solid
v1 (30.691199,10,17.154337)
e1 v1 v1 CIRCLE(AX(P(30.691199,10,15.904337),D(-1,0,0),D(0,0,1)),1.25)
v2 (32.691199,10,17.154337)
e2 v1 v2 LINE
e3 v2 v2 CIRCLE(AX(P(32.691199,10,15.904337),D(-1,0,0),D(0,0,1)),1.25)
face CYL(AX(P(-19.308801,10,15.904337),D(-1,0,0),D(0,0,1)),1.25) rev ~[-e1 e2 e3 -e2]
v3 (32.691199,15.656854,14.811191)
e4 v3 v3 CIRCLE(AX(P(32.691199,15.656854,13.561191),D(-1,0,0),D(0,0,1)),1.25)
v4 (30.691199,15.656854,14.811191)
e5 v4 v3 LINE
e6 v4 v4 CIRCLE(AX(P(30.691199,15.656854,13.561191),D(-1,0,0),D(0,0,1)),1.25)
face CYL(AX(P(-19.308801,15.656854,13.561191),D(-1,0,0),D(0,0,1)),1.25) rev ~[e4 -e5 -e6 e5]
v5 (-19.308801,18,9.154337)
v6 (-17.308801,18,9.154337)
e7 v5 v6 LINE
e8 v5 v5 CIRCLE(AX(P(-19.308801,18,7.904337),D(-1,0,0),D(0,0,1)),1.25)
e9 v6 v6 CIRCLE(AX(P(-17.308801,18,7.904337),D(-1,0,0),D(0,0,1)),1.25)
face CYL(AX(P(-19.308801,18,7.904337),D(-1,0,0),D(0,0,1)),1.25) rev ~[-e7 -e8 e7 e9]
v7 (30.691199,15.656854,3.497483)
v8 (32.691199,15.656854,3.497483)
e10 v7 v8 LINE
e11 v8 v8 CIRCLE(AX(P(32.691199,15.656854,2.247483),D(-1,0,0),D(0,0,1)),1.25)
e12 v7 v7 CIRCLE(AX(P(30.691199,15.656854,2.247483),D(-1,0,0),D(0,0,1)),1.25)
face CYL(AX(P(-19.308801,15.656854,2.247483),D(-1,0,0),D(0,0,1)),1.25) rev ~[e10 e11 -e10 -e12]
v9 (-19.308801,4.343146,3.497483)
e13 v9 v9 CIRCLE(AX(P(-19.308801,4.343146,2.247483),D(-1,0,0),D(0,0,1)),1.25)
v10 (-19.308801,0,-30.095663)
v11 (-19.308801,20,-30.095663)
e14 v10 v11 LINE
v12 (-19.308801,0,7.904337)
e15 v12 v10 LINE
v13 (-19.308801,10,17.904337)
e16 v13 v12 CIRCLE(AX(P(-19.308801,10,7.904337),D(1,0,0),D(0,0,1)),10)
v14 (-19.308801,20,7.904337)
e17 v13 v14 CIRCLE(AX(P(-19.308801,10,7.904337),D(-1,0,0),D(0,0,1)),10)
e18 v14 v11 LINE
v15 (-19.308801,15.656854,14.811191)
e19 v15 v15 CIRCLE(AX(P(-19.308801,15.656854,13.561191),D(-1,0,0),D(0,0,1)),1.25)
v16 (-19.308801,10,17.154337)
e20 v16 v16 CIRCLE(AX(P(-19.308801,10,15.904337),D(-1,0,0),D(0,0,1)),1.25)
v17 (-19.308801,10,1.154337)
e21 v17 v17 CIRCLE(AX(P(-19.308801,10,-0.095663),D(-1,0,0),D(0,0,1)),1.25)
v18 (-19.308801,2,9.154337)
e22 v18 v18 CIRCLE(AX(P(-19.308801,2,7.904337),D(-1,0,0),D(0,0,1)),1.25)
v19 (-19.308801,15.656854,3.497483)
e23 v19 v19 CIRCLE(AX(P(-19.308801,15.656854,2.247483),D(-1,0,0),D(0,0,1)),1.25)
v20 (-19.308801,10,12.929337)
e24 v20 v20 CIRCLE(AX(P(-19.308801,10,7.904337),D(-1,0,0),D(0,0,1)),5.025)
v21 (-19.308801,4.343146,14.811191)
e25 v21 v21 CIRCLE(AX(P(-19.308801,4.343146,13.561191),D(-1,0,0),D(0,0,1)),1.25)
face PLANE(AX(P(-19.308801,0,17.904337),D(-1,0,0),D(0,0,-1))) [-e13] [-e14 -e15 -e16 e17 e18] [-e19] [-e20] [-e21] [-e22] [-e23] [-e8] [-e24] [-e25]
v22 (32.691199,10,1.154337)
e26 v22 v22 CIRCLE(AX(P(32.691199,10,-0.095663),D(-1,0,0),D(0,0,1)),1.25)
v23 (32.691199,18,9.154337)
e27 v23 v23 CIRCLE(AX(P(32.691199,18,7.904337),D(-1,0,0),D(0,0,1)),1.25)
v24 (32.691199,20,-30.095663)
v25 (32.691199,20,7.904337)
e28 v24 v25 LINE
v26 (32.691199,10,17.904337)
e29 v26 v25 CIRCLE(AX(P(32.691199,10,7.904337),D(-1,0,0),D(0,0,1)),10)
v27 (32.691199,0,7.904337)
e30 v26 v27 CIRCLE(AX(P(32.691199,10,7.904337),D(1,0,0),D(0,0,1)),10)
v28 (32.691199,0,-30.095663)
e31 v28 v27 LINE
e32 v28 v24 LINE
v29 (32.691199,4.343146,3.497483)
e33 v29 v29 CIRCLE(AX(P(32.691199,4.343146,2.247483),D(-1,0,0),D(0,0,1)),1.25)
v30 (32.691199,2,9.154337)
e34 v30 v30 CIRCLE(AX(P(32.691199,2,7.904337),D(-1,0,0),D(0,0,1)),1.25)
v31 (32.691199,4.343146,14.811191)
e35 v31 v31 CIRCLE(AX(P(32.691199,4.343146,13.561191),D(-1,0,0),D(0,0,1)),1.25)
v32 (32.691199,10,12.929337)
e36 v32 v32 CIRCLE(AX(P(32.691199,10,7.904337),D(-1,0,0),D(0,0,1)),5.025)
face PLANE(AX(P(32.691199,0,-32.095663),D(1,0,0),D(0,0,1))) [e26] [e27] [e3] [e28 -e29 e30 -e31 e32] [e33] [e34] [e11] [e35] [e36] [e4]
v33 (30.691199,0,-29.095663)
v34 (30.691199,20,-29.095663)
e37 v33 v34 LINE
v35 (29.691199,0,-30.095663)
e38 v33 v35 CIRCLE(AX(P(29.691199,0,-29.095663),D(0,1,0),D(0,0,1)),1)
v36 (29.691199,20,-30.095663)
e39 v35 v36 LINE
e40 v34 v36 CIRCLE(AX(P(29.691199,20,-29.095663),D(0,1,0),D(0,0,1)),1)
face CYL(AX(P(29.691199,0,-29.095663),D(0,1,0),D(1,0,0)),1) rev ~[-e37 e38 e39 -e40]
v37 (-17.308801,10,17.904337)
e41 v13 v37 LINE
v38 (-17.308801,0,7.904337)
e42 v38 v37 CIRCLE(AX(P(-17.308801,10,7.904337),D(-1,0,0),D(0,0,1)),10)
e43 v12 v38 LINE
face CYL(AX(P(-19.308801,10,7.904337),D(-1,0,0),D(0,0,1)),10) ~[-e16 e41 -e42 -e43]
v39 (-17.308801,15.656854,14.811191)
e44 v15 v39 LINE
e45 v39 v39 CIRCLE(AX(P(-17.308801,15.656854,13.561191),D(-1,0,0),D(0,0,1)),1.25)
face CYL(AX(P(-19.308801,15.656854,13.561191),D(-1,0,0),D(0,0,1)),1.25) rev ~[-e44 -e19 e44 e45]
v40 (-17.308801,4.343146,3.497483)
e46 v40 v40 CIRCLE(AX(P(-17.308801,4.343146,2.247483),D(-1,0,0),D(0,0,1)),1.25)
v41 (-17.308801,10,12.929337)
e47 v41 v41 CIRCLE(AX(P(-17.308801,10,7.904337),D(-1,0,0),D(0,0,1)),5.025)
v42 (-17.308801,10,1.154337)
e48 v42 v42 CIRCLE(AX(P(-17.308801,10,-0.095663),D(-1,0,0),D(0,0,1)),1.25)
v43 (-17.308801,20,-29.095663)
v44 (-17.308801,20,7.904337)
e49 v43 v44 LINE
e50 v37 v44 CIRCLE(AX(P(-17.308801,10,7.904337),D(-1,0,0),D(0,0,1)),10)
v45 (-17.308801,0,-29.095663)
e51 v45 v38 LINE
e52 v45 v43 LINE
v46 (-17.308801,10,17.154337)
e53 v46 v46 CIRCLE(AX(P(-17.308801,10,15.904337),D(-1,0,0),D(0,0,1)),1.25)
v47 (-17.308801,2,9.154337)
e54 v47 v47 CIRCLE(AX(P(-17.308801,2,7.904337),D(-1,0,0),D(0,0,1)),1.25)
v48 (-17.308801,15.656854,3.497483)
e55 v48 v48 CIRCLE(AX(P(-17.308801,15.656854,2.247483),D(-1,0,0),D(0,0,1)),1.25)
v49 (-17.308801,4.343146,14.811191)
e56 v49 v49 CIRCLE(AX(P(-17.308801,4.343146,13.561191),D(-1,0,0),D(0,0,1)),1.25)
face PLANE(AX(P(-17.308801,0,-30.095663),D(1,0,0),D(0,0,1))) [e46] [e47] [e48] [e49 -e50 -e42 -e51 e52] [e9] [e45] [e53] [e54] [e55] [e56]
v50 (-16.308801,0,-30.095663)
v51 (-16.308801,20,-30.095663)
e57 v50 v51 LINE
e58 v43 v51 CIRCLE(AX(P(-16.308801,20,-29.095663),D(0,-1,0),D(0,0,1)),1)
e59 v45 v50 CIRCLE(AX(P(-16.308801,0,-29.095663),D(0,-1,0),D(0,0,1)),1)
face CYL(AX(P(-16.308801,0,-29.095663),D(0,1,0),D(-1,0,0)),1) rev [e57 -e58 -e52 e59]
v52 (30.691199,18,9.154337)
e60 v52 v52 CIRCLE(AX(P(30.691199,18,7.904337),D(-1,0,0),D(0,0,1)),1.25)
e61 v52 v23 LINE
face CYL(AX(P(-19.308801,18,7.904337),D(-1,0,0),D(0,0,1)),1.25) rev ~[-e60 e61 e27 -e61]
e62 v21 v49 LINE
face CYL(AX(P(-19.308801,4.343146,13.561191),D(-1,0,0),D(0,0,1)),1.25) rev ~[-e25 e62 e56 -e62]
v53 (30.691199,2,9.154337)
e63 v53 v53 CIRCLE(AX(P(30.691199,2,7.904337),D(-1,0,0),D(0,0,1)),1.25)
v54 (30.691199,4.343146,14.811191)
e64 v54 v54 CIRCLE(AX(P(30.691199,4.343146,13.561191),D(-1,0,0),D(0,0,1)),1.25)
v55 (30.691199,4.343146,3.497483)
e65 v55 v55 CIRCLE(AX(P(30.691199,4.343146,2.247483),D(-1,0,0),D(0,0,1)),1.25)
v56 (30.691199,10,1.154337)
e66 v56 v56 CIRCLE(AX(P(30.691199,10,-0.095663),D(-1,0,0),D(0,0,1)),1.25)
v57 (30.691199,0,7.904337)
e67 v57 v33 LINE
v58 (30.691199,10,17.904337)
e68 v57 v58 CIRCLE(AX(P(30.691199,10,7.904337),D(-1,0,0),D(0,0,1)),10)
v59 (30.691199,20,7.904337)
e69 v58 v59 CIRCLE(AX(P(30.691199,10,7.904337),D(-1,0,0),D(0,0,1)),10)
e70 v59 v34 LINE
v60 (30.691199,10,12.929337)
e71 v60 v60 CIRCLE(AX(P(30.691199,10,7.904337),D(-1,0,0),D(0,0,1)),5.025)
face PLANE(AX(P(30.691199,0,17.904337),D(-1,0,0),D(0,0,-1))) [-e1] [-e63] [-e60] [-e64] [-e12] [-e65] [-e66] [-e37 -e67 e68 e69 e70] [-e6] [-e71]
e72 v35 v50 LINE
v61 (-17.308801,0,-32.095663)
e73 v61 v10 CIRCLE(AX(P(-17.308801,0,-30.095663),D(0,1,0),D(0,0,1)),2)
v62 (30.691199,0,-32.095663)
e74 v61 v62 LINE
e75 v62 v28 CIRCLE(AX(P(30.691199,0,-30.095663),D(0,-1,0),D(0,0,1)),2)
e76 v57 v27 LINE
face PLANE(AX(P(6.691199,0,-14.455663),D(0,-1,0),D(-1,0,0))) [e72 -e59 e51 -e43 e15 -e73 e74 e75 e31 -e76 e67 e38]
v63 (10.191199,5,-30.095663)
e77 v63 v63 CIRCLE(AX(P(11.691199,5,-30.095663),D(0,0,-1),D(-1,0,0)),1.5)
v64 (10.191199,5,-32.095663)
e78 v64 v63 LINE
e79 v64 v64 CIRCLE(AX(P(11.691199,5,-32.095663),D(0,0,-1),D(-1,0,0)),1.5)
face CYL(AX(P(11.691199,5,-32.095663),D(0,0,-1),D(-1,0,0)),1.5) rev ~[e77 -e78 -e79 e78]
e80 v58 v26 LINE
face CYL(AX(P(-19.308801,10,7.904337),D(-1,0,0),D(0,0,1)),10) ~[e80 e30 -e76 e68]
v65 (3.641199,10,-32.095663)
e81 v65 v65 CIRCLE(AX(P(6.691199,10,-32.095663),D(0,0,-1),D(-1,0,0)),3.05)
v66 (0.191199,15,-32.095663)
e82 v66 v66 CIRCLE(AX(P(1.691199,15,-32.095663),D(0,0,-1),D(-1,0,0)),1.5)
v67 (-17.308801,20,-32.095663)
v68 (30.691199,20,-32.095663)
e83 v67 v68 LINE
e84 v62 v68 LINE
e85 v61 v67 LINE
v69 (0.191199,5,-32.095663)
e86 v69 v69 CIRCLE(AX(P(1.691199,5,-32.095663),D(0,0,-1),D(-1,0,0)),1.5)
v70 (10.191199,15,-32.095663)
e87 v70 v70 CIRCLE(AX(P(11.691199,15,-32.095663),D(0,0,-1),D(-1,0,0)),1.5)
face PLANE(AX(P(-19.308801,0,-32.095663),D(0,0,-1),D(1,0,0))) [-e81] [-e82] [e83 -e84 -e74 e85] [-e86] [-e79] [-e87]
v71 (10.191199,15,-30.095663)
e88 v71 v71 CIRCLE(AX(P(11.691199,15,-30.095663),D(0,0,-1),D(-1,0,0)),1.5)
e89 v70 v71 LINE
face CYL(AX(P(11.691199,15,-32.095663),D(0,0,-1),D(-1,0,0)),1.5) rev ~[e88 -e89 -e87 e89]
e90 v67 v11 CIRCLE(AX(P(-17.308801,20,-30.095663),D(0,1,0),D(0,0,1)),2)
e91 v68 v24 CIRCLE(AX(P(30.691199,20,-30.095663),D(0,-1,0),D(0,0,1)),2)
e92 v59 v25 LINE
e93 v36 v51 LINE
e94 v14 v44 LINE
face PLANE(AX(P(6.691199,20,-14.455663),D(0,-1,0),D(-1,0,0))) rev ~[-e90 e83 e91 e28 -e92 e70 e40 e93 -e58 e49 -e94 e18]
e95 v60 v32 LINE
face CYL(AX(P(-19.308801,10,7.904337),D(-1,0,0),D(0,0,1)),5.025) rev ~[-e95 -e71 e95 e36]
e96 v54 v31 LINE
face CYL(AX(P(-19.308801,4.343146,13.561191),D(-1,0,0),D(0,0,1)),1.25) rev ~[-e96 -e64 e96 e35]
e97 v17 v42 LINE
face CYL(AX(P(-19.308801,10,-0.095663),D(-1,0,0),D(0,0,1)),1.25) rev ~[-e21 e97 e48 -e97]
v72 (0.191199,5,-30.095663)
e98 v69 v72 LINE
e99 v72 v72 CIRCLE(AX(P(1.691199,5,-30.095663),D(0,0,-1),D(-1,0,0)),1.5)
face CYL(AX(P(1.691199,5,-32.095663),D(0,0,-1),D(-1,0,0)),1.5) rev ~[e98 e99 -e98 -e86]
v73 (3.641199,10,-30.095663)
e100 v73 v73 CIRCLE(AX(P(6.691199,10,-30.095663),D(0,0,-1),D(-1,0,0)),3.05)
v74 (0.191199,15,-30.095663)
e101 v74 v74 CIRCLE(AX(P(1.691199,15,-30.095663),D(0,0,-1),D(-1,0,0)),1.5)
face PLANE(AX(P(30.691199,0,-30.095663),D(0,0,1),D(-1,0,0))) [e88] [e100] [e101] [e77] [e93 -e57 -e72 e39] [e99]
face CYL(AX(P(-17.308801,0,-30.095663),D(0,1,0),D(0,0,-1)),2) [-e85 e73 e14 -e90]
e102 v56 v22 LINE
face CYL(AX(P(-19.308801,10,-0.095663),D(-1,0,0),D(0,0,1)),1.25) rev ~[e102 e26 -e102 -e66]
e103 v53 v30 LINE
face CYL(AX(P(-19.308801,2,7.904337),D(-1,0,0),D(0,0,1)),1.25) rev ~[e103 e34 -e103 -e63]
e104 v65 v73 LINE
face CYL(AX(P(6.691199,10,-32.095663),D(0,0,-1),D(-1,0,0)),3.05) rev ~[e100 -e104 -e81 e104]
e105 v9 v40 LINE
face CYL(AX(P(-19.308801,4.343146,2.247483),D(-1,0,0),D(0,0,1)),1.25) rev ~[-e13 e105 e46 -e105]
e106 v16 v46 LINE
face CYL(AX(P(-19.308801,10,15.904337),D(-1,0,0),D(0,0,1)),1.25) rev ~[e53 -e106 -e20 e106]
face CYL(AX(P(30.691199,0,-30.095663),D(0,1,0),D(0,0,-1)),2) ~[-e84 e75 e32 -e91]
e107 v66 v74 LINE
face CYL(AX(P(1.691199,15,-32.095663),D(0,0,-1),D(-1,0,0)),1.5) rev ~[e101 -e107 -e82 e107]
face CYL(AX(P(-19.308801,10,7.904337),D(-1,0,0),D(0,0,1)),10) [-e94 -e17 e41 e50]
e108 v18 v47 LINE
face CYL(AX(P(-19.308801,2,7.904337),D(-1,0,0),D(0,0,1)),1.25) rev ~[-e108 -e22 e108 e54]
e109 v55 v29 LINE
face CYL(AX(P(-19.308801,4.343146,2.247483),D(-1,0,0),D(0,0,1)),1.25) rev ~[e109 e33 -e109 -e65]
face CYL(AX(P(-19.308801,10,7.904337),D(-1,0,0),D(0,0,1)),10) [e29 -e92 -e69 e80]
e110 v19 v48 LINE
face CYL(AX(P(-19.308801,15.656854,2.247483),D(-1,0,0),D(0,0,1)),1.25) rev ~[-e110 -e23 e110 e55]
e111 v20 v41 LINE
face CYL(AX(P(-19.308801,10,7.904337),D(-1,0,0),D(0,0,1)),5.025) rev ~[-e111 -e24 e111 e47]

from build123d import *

# Parameters (mm, degrees)
EXTRUDE_1_DEPTH     = 20
FILLET_1_R          = 2
FILLET_2_R          = 1
CUT_EXTRUDE_1_DEPTH = 52
CUT_EXTRUDE_2_DEPTH = 52
SKETCH_4_R          = 5.025
SKETCH_4_R_2        = 1.25
CUT_EXTRUDE_3_DEPTH = 52
CUT_EXTRUDE_4_REACH = 52
SKETCH_5_R          = 3.05
SKETCH_5_R_2        = 1.5


with BuildPart() as part:
    # 草图1 → 凸台-拉伸1 (new body)
    with BuildSketch(Plane(origin=(0, 0, 0), x_dir=(1, 0, 0), z_dir=(0, 1, 0))):
        Polygon((-19.308800698, 32.095662915), (32.691199302, 32.095662915), (32.691199302, -17.904337085), (30.691199302, -17.904337085), (30.691199302, 30.095662915), (-17.308800698, 30.095662915), (-17.308800698, -17.904337085), (-19.308800698, -17.904337085), align=None)
    extrude(amount=EXTRUDE_1_DEPTH)

    # 圆角1
    fillet_1_edges = [part.edges().sort_by_distance(p)[0] for p in [
        (-19.308800698, 10, -32.095662915),
        (32.691199302, 10, -32.095662915),
    ]]
    fillet(fillet_1_edges, radius=FILLET_1_R)

    # 圆角2
    fillet_2_edges = [part.edges().sort_by_distance(p)[0] for p in [
        (30.691199302, 10, -30.095662915),
        (-17.308800698, 10, -30.095662915),
    ]]
    fillet(fillet_2_edges, radius=FILLET_2_R)

    # 草图2 → 切除-拉伸1 (cut)
    with BuildSketch(Plane.ZY.offset(19.308800698)):
        with BuildLine():
            Line((7.904337085, 20), (17.904337085, 20))
            Line((17.904337085, 20), (17.904337085, 10))
            ThreePointArc((17.904337085, 10), (14.975404897, 17.071067812), (7.904337085, 20))
        make_face()
    extrude(amount=-CUT_EXTRUDE_1_DEPTH, mode=Mode.SUBTRACT)

    # 草图3 → 切除-拉伸2 (cut)
    with BuildSketch(Plane.ZY.offset(19.308800698)):
        with BuildLine():
            Line((7.904337085, 0), (17.904337085, 0))
            Line((17.904337085, 0), (17.904337085, 10))
            ThreePointArc((17.904337085, 10), (14.975404897, 2.928932188), (7.904337085, 0))
        make_face()
    extrude(amount=-CUT_EXTRUDE_2_DEPTH, mode=Mode.SUBTRACT)

    # 草图4 → 切除-拉伸3 (cut)
    with BuildSketch(Plane.ZY.offset(19.308800698)):
        with Locations((7.904337085, 10)):
            Circle(SKETCH_4_R)
        with Locations((7.904337085, 18)):
            Circle(SKETCH_4_R_2)
        with Locations((13.561191335, 15.656854249)):
            Circle(SKETCH_4_R_2)
        with Locations((15.904337085, 10)):
            Circle(SKETCH_4_R_2)
        with Locations((13.561191335, 4.343145751)):
            Circle(SKETCH_4_R_2)
        with Locations((7.904337085, 2)):
            Circle(SKETCH_4_R_2)
        with Locations((2.247482836, 4.343145751)):
            Circle(SKETCH_4_R_2)
        with Locations((-0.095662915, 10)):
            Circle(SKETCH_4_R_2)
        with Locations((2.247482836, 15.656854249)):
            Circle(SKETCH_4_R_2)
    extrude(amount=-CUT_EXTRUDE_3_DEPTH, mode=Mode.SUBTRACT)

    # 草图5 → 切除-拉伸4 (cut, up to next)
    with BuildSketch(Plane(origin=(0, 0, -32.095662915), x_dir=(-1, 0, 0), z_dir=(0, 0, -1)), mode=Mode.PRIVATE) as cut_extrude_4_sk1:
        with Locations((-6.691199302, 10)):
            Circle(SKETCH_5_R)
    cut_extrude_4_tool1 = extrude(cut_extrude_4_sk1.sketch, amount=-CUT_EXTRUDE_4_REACH, mode=Mode.PRIVATE) & part.part
    add(cut_extrude_4_tool1.solids().sort_by_distance((6.691199, 10, -32.095663))[0], mode=Mode.SUBTRACT)
    # 草图5 → 切除-拉伸4 (cut, up to next)
    with BuildSketch(Plane(origin=(0, 0, -32.095662915), x_dir=(-1, 0, 0), z_dir=(0, 0, -1)), mode=Mode.PRIVATE) as cut_extrude_4_sk2:
        with Locations((-11.691199302, 15)):
            Circle(SKETCH_5_R_2)
    cut_extrude_4_tool2 = extrude(cut_extrude_4_sk2.sketch, amount=-CUT_EXTRUDE_4_REACH, mode=Mode.PRIVATE) & part.part
    add(cut_extrude_4_tool2.solids().sort_by_distance((11.691199, 15, -32.095663))[0], mode=Mode.SUBTRACT)
    # 草图5 → 切除-拉伸4 (cut, up to next)
    with BuildSketch(Plane(origin=(0, 0, -32.095662915), x_dir=(-1, 0, 0), z_dir=(0, 0, -1)), mode=Mode.PRIVATE) as cut_extrude_4_sk3:
        with Locations((-1.691199302, 15)):
            Circle(SKETCH_5_R_2)
    cut_extrude_4_tool3 = extrude(cut_extrude_4_sk3.sketch, amount=-CUT_EXTRUDE_4_REACH, mode=Mode.PRIVATE) & part.part
    add(cut_extrude_4_tool3.solids().sort_by_distance((1.691199, 15, -32.095663))[0], mode=Mode.SUBTRACT)
    # 草图5 → 切除-拉伸4 (cut, up to next)
    with BuildSketch(Plane(origin=(0, 0, -32.095662915), x_dir=(-1, 0, 0), z_dir=(0, 0, -1)), mode=Mode.PRIVATE) as cut_extrude_4_sk4:
        with Locations((-1.691199302, 5)):
            Circle(SKETCH_5_R_2)
    cut_extrude_4_tool4 = extrude(cut_extrude_4_sk4.sketch, amount=-CUT_EXTRUDE_4_REACH, mode=Mode.PRIVATE) & part.part
    add(cut_extrude_4_tool4.solids().sort_by_distance((1.691199, 5, -32.095663))[0], mode=Mode.SUBTRACT)
    # 草图5 → 切除-拉伸4 (cut, up to next)
    with BuildSketch(Plane(origin=(0, 0, -32.095662915), x_dir=(-1, 0, 0), z_dir=(0, 0, -1)), mode=Mode.PRIVATE) as cut_extrude_4_sk5:
        with Locations((-11.691199302, 5)):
            Circle(SKETCH_5_R_2)
    cut_extrude_4_tool5 = extrude(cut_extrude_4_sk5.sketch, amount=-CUT_EXTRUDE_4_REACH, mode=Mode.PRIVATE) & part.part
    add(cut_extrude_4_tool5.solids().sort_by_distance((11.691199, 5, -32.095663))[0], mode=Mode.SUBTRACT)


solid = part.part
